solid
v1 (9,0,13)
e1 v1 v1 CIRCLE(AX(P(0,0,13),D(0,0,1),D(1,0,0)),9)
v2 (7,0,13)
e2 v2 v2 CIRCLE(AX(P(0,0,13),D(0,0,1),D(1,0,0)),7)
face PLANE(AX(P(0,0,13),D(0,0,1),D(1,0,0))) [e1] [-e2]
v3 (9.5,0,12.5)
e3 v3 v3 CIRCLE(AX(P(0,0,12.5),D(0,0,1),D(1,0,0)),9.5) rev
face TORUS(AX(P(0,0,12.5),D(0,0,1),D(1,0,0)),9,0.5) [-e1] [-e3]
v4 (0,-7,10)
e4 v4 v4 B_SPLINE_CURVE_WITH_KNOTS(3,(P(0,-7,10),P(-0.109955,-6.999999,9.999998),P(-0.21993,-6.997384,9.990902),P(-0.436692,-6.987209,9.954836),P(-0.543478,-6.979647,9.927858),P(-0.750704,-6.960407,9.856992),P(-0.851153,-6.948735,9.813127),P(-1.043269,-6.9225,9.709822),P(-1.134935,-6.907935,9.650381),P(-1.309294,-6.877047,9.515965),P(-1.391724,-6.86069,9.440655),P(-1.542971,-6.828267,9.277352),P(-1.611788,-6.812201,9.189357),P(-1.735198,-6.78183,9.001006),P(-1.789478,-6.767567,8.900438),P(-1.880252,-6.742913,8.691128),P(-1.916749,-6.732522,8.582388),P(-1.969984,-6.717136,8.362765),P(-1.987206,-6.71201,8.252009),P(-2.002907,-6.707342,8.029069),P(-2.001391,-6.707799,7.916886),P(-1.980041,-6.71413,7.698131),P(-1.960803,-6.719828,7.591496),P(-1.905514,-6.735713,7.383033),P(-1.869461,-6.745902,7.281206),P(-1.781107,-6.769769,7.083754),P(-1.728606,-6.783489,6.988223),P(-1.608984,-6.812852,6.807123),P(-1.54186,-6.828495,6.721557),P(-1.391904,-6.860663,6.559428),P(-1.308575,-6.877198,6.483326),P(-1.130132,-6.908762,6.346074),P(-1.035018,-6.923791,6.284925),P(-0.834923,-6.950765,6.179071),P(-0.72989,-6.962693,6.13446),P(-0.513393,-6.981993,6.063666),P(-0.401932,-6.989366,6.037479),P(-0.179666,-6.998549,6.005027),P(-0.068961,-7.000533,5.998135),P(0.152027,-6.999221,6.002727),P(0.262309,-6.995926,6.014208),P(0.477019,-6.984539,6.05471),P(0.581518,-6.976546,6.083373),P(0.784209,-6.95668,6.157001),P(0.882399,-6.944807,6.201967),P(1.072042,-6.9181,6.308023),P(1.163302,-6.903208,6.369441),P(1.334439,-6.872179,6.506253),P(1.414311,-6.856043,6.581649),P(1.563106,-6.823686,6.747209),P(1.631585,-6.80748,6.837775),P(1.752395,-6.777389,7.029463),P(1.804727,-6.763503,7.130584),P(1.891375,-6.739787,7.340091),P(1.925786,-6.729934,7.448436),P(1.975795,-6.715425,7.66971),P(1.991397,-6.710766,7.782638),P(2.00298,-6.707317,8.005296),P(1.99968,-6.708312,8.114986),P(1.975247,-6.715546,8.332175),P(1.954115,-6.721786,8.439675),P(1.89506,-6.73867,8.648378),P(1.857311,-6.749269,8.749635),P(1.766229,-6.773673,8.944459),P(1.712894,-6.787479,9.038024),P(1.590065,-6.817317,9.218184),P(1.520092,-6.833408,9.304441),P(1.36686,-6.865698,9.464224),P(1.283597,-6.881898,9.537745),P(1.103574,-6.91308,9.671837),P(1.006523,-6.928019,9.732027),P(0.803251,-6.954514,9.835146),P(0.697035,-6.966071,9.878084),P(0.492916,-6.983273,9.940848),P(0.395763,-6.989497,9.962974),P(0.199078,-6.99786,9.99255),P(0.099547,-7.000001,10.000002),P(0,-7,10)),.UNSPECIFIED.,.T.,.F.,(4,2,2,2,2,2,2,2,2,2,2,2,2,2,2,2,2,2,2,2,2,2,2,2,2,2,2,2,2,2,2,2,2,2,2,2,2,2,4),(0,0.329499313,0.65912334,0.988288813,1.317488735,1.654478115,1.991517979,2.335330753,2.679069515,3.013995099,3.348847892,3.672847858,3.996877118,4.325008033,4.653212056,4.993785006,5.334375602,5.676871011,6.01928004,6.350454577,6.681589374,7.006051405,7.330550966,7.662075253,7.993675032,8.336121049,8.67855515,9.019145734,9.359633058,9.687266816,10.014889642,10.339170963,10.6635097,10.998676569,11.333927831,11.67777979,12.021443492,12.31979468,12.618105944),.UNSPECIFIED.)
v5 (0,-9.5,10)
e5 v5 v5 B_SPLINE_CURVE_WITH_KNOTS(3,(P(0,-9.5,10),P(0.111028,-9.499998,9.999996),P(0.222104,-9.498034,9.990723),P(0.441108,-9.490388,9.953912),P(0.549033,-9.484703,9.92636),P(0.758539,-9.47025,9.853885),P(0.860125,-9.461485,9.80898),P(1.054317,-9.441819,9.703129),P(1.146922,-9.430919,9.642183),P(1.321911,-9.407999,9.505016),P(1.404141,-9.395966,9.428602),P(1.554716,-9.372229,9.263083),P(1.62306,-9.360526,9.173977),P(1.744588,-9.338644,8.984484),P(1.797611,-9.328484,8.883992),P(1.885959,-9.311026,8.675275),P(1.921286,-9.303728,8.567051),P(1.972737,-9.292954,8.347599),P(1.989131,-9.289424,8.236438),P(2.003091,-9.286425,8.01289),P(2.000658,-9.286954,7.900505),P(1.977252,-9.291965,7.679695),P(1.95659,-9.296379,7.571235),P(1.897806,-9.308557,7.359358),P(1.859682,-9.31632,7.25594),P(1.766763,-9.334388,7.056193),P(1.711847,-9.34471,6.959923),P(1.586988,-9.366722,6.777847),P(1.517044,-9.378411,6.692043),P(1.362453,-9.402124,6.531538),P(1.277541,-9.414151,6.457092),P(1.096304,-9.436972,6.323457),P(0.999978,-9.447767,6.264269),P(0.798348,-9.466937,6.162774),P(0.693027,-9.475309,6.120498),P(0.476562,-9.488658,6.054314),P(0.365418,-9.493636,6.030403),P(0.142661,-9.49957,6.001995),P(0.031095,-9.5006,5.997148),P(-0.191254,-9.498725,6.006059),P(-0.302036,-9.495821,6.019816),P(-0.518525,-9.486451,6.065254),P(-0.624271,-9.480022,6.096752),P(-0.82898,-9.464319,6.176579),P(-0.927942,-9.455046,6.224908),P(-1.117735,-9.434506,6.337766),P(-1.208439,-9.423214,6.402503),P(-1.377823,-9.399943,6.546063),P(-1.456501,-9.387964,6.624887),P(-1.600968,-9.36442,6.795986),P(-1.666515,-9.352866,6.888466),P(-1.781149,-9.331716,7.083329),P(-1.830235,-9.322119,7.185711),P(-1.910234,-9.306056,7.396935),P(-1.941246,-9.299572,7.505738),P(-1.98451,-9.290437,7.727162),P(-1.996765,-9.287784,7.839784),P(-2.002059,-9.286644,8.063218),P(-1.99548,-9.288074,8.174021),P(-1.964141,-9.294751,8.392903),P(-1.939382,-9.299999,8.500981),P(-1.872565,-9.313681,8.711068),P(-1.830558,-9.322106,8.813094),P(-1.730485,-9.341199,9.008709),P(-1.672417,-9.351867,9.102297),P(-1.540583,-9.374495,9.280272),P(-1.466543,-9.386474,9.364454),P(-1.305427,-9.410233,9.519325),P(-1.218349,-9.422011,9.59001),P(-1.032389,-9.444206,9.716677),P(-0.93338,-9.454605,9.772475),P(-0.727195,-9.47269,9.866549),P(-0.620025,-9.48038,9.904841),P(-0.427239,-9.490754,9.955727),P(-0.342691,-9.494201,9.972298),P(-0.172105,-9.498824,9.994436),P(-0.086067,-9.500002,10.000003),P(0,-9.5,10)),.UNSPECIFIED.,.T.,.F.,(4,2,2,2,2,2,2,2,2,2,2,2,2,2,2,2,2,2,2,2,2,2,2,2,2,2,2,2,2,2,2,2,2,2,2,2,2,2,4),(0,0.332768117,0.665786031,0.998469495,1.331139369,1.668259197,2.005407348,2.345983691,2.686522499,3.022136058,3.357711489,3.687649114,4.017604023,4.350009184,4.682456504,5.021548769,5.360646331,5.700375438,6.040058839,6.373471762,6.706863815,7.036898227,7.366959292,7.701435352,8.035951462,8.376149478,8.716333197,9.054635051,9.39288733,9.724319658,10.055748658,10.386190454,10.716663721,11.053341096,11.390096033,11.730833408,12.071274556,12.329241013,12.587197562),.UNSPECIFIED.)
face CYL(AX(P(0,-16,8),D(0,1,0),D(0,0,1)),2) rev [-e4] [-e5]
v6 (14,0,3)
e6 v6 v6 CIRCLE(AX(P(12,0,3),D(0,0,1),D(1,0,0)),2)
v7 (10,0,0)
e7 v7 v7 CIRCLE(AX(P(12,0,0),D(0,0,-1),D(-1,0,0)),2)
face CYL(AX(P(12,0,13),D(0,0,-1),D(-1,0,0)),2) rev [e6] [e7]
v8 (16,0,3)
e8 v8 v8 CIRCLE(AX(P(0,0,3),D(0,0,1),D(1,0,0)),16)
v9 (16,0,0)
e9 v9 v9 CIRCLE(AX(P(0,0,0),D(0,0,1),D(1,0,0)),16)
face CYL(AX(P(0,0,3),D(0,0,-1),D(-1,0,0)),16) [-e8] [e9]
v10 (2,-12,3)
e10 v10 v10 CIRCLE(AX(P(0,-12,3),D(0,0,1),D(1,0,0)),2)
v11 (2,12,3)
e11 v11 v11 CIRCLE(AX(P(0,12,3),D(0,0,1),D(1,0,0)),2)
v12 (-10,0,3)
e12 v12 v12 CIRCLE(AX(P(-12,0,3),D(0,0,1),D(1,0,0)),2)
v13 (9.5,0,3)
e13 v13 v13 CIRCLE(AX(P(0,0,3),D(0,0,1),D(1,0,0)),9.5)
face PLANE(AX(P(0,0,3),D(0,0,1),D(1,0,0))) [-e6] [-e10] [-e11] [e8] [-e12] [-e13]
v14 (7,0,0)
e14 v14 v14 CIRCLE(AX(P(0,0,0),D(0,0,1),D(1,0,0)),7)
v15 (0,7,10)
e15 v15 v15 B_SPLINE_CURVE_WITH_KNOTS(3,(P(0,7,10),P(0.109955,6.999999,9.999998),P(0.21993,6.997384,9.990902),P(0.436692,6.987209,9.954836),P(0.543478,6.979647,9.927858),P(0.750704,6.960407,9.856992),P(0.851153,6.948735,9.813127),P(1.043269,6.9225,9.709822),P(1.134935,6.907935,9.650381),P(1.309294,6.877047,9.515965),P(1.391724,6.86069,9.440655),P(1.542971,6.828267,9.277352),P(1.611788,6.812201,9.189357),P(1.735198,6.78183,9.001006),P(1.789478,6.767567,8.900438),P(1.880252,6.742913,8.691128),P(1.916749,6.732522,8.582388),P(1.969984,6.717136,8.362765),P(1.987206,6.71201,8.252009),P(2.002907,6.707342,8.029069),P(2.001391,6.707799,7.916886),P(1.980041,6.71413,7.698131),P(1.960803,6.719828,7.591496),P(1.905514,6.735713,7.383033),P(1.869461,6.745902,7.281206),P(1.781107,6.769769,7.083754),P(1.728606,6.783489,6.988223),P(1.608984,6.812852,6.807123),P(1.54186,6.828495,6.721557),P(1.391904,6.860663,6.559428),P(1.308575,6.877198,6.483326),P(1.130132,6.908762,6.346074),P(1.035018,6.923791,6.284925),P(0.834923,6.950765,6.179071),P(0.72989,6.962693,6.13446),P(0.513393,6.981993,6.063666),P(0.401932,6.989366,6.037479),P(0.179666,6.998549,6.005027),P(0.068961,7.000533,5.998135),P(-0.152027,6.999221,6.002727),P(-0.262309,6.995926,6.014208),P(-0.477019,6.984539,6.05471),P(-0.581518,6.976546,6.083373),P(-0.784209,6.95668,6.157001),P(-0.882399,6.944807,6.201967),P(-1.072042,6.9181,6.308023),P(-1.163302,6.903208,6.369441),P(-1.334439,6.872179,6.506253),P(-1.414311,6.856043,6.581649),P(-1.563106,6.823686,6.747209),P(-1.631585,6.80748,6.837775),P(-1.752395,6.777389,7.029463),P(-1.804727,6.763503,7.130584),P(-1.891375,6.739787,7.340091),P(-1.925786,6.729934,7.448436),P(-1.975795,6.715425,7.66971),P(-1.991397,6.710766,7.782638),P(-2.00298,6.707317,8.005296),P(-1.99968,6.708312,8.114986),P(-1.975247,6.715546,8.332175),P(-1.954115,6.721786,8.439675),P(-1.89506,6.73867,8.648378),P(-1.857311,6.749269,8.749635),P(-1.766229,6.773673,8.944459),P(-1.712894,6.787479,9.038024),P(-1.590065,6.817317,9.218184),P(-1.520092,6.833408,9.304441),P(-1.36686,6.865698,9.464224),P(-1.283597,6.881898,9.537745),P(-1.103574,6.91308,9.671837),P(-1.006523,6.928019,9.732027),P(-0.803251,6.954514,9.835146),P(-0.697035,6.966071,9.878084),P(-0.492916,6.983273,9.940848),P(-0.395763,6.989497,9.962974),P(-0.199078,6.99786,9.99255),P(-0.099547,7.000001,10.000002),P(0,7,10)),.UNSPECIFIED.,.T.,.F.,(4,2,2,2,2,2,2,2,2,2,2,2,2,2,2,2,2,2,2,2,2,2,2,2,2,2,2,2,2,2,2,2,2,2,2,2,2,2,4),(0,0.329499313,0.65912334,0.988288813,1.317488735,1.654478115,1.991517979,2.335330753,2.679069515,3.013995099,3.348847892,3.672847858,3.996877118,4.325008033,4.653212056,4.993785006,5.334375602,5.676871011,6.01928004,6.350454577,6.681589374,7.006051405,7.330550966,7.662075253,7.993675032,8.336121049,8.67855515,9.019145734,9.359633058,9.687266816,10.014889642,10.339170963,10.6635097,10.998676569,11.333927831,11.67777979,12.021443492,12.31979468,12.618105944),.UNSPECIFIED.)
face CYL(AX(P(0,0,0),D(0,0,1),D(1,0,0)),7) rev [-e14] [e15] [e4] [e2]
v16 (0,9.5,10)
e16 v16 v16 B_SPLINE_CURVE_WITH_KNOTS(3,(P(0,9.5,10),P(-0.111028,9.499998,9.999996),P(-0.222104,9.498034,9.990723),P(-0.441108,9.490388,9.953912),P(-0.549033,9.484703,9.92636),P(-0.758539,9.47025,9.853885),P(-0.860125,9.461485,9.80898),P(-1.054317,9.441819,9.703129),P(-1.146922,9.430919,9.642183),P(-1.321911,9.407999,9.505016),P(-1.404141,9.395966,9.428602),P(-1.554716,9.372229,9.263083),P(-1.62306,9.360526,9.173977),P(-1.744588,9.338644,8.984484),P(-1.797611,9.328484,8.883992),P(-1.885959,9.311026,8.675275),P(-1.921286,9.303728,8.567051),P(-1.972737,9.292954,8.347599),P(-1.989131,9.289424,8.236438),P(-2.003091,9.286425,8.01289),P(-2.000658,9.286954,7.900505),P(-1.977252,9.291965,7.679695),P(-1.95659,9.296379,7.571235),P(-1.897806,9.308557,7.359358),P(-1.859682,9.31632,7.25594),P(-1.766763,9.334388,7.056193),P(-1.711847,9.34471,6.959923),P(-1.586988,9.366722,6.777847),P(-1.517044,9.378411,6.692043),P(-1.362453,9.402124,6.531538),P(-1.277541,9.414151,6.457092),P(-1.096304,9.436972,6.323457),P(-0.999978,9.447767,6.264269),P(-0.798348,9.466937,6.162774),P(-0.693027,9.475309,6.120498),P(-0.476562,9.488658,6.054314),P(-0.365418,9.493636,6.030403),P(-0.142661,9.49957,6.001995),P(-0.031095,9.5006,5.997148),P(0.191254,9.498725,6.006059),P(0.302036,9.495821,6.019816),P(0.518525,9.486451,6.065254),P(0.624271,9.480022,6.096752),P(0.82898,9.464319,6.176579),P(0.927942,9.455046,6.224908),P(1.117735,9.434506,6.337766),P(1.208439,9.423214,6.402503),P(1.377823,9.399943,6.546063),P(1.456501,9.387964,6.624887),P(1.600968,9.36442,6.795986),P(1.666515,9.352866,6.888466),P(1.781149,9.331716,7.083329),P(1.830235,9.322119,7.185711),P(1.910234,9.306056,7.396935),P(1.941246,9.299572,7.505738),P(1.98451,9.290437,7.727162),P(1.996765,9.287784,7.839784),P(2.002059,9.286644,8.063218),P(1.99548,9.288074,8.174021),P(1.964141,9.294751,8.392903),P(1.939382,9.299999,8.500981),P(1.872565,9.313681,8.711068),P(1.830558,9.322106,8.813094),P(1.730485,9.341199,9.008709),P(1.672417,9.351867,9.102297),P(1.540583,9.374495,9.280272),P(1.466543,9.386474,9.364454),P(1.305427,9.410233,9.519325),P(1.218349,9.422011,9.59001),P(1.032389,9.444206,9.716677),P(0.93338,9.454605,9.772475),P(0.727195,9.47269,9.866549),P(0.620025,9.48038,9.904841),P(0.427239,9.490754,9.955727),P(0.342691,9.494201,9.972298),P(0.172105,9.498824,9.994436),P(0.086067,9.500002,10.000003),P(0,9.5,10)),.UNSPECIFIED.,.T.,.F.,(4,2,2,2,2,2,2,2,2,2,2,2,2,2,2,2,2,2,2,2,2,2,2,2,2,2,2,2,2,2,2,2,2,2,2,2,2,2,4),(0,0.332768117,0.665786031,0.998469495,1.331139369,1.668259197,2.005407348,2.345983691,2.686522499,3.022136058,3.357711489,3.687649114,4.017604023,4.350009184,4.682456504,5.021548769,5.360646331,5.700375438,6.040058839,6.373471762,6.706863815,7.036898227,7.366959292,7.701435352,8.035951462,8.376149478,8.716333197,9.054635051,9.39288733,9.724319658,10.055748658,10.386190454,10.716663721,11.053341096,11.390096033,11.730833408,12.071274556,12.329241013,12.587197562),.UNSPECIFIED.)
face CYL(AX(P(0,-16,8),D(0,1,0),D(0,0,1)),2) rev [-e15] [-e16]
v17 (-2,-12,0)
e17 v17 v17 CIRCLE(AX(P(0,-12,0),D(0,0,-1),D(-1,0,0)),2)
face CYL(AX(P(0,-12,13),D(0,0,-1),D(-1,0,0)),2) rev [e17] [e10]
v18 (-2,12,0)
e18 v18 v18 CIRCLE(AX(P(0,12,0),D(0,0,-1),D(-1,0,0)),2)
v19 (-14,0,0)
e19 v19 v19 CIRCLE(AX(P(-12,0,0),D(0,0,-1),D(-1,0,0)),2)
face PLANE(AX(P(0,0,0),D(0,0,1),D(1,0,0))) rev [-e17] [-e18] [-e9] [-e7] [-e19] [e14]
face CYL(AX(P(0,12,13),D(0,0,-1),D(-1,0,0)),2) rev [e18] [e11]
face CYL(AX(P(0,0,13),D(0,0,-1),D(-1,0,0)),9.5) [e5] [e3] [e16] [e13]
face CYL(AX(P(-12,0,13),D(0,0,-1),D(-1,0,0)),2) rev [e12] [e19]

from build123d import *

# Parameters (mm, degrees)
SKETCH5_R               = 16
BOSS_EXTRUDE3_DEPTH     = 3
SKETCH6_R               = 9.5
BOSS_EXTRUDE4_DEPTH     = 10
SKETCH7_R               = 7
CUT_EXTRUDE1_DEPTH      = 27.095976701
SKETCH8_R               = 2
CUT_EXTRUDE2_DEPTH      = 27.095976701
CUT_EXTRUDE4_DEPTH      = 27.095976701
CUT_EXTRUDE4_DEPTH_BACK = 27.095976701
SKETCH9_R               = 2
FILLET1_R               = 0.5


with BuildPart() as part:
    # Sketch5 → Boss-Extrude3 (new body)
    with BuildSketch(Plane.XY):
        Circle(SKETCH5_R)
    extrude(amount=BOSS_EXTRUDE3_DEPTH)

    # Sketch6 → Boss-Extrude4 (add)
    with BuildSketch(Plane.XY.offset(3)):
        Circle(SKETCH6_R)
    extrude(amount=BOSS_EXTRUDE4_DEPTH)

    # Sketch7 → Cut-Extrude1 (cut, through all)
    with BuildSketch(Plane.XY.offset(13)):
        Circle(SKETCH7_R)
    extrude(amount=-CUT_EXTRUDE1_DEPTH, mode=Mode.SUBTRACT)

    # Sketch8 → Cut-Extrude2 (cut, through all)
    with BuildSketch(Plane(origin=(0, 0, 0), x_dir=(-1, 0, 0), z_dir=(0, 0, -1))):
        with Locations((12, 0)):
            Circle(SKETCH8_R)
        with Locations((0, -12)):
            Circle(SKETCH8_R)
        with Locations((-12, 0)):
            Circle(SKETCH8_R)
        with Locations((0, 12)):
            Circle(SKETCH8_R)
    extrude(amount=-CUT_EXTRUDE2_DEPTH, mode=Mode.SUBTRACT)

    # Sketch9 → Cut-Extrude4 (cut, two sides: drawn at the far end of the back side and taken through both)
    with BuildSketch(Plane(origin=(0, 0, 0), x_dir=(1, 0, 0), z_dir=(0, 1, 0)).offset(-CUT_EXTRUDE4_DEPTH_BACK)):
        with Locations(Location((0, -8, 0), (0, 0, 270))):
            Circle(SKETCH9_R)
    extrude(amount=CUT_EXTRUDE4_DEPTH + CUT_EXTRUDE4_DEPTH_BACK, mode=Mode.SUBTRACT)

    # Fillet1
    fillet1_edges = [part.edges().sort_by_distance(p)[0] for p in [
        (-9.5, 0, 13),
    ]]
    fillet(fillet1_edges, radius=FILLET1_R)


solid = part.part
